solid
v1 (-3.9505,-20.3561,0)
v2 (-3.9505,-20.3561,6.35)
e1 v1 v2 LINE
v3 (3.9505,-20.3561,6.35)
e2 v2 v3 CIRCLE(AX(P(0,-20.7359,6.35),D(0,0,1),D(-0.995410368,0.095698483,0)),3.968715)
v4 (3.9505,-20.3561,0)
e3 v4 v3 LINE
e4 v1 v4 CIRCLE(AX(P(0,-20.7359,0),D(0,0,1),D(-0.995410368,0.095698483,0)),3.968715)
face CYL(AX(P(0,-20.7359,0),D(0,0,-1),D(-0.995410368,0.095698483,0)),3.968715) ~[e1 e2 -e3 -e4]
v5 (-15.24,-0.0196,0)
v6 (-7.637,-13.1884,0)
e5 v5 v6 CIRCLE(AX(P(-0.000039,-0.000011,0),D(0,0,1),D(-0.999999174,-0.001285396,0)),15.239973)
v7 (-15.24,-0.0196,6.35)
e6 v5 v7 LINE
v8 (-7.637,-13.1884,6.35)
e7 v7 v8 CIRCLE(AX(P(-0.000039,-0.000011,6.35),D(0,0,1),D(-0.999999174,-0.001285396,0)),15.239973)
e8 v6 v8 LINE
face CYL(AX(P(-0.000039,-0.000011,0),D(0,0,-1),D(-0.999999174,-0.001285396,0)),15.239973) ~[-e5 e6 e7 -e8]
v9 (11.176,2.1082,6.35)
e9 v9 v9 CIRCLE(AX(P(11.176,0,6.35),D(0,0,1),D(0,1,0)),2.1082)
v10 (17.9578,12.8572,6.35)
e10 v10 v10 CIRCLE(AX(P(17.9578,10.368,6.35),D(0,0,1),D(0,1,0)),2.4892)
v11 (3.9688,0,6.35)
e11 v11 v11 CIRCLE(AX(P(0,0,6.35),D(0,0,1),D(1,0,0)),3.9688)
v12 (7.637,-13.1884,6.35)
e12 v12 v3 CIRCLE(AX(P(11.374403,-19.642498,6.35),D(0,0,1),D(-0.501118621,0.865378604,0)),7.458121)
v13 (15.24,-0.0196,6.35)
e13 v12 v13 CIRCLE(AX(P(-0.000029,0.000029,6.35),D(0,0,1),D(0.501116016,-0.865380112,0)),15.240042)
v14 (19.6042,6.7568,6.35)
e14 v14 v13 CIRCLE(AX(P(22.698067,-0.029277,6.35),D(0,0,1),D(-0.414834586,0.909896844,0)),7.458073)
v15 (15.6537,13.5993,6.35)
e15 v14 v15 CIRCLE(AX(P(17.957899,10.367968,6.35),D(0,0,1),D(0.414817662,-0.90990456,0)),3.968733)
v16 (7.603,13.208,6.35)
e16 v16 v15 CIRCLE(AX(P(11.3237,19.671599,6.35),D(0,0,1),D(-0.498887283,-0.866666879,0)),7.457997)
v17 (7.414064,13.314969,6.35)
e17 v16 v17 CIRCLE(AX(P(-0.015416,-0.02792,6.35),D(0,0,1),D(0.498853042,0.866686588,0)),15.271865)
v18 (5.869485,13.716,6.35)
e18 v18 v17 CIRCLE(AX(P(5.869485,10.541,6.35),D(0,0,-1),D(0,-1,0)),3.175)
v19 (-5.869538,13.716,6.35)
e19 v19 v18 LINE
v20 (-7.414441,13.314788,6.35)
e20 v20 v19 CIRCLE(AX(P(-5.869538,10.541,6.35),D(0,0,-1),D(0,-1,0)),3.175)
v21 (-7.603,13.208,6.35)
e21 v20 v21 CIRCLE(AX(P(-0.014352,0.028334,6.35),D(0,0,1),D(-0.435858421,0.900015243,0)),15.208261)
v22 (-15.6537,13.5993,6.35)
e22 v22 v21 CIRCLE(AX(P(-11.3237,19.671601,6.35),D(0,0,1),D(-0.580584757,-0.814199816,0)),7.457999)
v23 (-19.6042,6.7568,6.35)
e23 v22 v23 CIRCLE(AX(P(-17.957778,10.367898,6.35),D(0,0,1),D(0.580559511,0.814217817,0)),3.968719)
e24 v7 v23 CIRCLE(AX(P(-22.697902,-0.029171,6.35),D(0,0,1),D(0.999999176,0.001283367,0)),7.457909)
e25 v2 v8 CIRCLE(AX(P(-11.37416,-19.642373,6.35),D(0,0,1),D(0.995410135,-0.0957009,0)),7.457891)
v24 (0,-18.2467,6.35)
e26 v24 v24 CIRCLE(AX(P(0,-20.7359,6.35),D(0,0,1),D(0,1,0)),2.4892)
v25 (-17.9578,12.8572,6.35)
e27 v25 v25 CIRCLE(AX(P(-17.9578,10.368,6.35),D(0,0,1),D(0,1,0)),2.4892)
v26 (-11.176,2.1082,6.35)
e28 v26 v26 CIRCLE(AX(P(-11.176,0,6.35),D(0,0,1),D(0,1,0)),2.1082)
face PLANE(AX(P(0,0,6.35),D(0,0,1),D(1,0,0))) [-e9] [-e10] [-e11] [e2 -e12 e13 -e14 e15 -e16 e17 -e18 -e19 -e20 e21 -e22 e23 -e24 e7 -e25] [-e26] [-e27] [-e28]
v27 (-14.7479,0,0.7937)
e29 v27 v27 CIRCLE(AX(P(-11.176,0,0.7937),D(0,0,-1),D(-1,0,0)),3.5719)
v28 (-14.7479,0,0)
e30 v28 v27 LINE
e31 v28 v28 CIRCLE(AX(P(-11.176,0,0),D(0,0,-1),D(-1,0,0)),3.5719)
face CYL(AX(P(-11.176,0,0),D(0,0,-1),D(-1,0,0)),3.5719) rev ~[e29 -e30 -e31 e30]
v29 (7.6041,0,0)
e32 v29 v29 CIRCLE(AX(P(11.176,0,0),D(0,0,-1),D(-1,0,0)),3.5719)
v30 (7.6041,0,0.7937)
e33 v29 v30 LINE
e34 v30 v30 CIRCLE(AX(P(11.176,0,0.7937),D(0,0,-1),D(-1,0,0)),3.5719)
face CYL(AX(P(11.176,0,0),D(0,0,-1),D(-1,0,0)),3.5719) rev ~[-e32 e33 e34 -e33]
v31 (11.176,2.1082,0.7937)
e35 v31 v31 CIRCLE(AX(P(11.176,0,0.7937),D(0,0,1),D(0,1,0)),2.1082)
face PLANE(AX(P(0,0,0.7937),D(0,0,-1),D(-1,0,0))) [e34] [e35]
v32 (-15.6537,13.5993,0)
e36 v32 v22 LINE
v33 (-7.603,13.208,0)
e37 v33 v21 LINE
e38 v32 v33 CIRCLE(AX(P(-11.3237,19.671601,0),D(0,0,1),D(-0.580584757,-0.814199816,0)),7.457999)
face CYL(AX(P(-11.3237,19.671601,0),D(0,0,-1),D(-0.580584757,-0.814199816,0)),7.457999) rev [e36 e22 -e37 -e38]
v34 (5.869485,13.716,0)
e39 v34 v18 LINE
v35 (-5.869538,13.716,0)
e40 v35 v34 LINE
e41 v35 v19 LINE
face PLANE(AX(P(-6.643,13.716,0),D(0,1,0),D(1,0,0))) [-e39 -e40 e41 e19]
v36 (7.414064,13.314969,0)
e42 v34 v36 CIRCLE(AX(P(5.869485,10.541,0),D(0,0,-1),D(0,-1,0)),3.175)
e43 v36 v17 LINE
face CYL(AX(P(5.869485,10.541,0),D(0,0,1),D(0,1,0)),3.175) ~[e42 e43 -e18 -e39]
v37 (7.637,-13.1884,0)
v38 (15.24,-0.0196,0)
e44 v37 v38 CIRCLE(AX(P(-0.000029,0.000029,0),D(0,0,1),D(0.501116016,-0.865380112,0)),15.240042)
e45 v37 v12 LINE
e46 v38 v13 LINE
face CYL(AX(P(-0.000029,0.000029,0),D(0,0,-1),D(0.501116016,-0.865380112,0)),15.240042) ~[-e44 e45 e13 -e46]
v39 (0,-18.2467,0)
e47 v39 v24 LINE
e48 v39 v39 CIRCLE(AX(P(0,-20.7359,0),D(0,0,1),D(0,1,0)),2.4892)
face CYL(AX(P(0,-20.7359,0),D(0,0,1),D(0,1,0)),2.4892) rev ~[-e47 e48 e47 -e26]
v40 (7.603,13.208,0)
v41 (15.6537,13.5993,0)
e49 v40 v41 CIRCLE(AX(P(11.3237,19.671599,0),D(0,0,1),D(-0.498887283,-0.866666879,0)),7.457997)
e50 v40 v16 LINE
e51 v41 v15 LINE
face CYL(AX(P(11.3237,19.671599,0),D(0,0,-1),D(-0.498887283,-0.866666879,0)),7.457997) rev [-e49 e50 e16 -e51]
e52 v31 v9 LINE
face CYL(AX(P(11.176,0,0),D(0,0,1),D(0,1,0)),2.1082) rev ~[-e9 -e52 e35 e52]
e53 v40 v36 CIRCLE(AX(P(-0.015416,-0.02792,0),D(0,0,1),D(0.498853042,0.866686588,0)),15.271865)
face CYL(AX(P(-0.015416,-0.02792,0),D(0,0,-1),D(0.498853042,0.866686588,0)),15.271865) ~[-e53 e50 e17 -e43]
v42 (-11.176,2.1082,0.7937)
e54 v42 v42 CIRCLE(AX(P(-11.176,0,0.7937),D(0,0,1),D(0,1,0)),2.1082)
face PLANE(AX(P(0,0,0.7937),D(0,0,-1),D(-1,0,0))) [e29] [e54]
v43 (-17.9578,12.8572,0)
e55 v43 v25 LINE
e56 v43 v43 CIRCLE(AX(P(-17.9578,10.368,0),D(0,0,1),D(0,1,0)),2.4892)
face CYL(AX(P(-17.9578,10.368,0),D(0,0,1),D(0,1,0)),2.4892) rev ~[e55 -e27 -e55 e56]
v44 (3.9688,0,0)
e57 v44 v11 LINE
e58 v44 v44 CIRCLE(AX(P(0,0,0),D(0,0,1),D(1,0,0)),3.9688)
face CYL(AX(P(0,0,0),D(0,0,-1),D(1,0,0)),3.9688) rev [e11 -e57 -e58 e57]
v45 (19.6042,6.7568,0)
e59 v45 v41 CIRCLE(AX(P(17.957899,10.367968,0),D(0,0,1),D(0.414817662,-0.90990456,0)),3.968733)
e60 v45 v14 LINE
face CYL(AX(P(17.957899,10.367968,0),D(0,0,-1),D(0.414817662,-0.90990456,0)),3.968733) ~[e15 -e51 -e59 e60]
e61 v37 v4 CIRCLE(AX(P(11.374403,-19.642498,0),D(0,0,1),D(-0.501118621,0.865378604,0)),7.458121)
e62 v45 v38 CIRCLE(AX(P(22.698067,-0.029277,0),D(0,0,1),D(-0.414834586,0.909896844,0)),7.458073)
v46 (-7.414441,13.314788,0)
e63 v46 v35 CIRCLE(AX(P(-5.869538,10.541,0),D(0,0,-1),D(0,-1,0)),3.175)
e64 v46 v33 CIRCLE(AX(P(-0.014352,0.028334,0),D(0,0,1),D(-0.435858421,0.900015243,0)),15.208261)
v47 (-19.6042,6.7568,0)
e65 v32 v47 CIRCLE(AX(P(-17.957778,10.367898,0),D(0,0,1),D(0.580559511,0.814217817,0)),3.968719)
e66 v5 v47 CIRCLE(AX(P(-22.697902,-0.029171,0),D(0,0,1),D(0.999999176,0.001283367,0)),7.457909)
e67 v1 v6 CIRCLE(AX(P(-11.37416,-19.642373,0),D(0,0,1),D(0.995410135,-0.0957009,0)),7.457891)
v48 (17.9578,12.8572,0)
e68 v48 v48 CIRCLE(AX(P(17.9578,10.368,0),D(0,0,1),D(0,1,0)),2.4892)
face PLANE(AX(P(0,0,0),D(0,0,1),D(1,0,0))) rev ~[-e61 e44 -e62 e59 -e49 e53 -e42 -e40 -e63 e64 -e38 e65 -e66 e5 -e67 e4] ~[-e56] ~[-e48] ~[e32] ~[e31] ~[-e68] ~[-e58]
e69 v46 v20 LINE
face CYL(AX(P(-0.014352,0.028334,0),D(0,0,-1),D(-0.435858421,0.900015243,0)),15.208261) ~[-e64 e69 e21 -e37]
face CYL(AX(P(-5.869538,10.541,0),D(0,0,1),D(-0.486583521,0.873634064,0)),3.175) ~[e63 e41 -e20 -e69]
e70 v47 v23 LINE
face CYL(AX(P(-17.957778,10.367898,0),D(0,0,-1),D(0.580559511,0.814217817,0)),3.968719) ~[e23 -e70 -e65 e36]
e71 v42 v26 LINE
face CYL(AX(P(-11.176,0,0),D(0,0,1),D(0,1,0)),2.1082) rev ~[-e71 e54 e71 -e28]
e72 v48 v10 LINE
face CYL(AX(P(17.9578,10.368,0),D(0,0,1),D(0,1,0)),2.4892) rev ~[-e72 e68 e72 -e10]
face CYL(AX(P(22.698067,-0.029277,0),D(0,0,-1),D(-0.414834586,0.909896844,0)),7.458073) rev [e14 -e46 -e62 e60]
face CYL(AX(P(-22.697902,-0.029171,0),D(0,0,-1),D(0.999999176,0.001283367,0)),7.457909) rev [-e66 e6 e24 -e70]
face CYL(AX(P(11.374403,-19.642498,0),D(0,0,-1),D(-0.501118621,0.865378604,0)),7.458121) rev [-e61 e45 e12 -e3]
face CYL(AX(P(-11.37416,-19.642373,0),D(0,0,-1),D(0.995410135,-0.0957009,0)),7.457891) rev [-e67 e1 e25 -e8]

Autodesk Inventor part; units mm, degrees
ref_plane "YZ Plane" through (0, 0, 0) normal (1, 0, 0) x (0, 1, 0)
ref_plane "XZ Plane" through (0, 0, 0) normal (0, 1, 0) x (-1, 0, 0)
ref_plane "XY Plane" through (0, 0, 0) normal (0, 0, 1) x (1, 0, 0)
sketch "Sketch1" plane through (0, 0, 0) normal (0, 0, 1) x (1, 0, 0)
  circle A0 centre (0, 0) radius 20.7359 construction
  line L0 (0, 0) -> (-17.9578, 10.368) construction
  arc A1 (-19.6042, 6.7568) -> (-15.6537, 13.5993) centre (-17.9578, 10.368) ccw construction
  arc A2 (-7.603, 13.208) -> (-15.24, -0.0196) centre (0, 0) ccw construction
  arc A3 (-15.24, -0.0196) -> (-19.6042, 6.7568) centre (-22.698, -0.0292) ccw
  arc A4 (-15.6537, 13.5993) -> (-7.603, 13.208) centre (-11.3237, 19.6716) ccw
  line L1 (0, 0) -> (-20.7359, 0) construction
  arc A5 (-15.6537, 13.5993) -> (-19.6042, 6.7568) centre (-17.9578, 10.368) ccw
  arc A6 (-15.24, -0.0196) -> (-7.637, -13.1884) centre (0, 0) ccw
  arc A7 (7.637, -13.1884) -> (3.9505, -20.3561) centre (11.3743, -19.6424) ccw
  arc A8 (-3.9505, -20.3561) -> (-7.637, -13.1884) centre (-11.3743, -19.6424) ccw
  arc A9 (-3.9505, -20.3561) -> (3.9505, -20.3561) centre (0, -20.7359) ccw
  arc A10 (7.603, 13.208) -> (15.6537, 13.5993) centre (11.3237, 19.6716) ccw
  arc A11 (19.6042, 6.7568) -> (15.24, -0.0196) centre (22.698, -0.0292) ccw
  arc A12 (19.6042, 6.7568) -> (15.6537, 13.5993) centre (17.9578, 10.368) ccw
  arc A13 (7.603, 13.208) -> (6.643, 13.716) centre (0, 0) ccw
  arc A14 (7.637, -13.1884) -> (15.24, -0.0196) centre (0, 0) ccw
  arc A15 (-7.637, -13.1884) -> (7.637, -13.1884) centre (0, 0) ccw construction
  arc A16 (15.24, -0.0196) -> (7.603, 13.208) centre (0, 0) ccw construction
  circle A17 centre (0, 0) radius 3.9688
  circle A18 centre (0, 0) radius 11.176 construction
  line L2 (0, -20.7359) -> (0, 0) construction
  line L3 (0, 0) -> (11.176, 0) construction
  line L4 (-6.643, 13.716) -> (6.643, 13.716)
  arc A19 (-6.643, 13.716) -> (-7.603, 13.208) centre (0, 0) ccw
  arc A20 (6.643, 13.716) -> (-6.643, 13.716) centre (0, 0) ccw construction
  point P0 (-11.176, 0)
  dimension "d0" = 41.4719
  dimension "d3" = 7.9375
  dimension "d5" = 30
  dimension "d9" = 360
  dimension "d20" = 7.9375
  dimension "d21" = 22.352
  dimension "d22" = 15.24
  dimension "d23" = 13.716
extrude "Extrusion1" add sketch "Sketch1" along normal blind 6.35
hole "Hole1" at (-17.9578, 10.368, 0) at (17.9578, 10.368, 0) at (0, -20.7359, 0) direction (0, 0, 1) diameter 4.9784 end through all clearance for "Socket Head Cap Screw" size "#10" standard "Ansi Unified Screw Threads"
hole "Hole2" at (-11.176, 0, 0) at (11.176, 0, 0) direction (0, 0, 1) diameter 4.2164 end through all
fillet "Fillet1" radius 3.175 2 edges at (-6.643, 13.716, 3.175) (6.643, 13.716, 3.175)
sketch "Sketch2" plane through (0, 0, 0) normal (0, 0, -1) x (-1, 0, 0)
  circle A0 centre (11.176, 0) radius 2.1082 projected
  circle A1 centre (-11.176, 0) radius 2.1082 projected
  circle A2 centre (-11.176, 0) radius 3.5719
  circle A3 centre (11.176, 0) radius 3.5719
  dimension "d32" = 7.1437
  dimension "d33" = 7.1437
extrude "Extrusion2" cut sketch "Sketch2" against normal blind 0.7937
properties part number "Pnuematic Plate" material "Aluminum 6061"
